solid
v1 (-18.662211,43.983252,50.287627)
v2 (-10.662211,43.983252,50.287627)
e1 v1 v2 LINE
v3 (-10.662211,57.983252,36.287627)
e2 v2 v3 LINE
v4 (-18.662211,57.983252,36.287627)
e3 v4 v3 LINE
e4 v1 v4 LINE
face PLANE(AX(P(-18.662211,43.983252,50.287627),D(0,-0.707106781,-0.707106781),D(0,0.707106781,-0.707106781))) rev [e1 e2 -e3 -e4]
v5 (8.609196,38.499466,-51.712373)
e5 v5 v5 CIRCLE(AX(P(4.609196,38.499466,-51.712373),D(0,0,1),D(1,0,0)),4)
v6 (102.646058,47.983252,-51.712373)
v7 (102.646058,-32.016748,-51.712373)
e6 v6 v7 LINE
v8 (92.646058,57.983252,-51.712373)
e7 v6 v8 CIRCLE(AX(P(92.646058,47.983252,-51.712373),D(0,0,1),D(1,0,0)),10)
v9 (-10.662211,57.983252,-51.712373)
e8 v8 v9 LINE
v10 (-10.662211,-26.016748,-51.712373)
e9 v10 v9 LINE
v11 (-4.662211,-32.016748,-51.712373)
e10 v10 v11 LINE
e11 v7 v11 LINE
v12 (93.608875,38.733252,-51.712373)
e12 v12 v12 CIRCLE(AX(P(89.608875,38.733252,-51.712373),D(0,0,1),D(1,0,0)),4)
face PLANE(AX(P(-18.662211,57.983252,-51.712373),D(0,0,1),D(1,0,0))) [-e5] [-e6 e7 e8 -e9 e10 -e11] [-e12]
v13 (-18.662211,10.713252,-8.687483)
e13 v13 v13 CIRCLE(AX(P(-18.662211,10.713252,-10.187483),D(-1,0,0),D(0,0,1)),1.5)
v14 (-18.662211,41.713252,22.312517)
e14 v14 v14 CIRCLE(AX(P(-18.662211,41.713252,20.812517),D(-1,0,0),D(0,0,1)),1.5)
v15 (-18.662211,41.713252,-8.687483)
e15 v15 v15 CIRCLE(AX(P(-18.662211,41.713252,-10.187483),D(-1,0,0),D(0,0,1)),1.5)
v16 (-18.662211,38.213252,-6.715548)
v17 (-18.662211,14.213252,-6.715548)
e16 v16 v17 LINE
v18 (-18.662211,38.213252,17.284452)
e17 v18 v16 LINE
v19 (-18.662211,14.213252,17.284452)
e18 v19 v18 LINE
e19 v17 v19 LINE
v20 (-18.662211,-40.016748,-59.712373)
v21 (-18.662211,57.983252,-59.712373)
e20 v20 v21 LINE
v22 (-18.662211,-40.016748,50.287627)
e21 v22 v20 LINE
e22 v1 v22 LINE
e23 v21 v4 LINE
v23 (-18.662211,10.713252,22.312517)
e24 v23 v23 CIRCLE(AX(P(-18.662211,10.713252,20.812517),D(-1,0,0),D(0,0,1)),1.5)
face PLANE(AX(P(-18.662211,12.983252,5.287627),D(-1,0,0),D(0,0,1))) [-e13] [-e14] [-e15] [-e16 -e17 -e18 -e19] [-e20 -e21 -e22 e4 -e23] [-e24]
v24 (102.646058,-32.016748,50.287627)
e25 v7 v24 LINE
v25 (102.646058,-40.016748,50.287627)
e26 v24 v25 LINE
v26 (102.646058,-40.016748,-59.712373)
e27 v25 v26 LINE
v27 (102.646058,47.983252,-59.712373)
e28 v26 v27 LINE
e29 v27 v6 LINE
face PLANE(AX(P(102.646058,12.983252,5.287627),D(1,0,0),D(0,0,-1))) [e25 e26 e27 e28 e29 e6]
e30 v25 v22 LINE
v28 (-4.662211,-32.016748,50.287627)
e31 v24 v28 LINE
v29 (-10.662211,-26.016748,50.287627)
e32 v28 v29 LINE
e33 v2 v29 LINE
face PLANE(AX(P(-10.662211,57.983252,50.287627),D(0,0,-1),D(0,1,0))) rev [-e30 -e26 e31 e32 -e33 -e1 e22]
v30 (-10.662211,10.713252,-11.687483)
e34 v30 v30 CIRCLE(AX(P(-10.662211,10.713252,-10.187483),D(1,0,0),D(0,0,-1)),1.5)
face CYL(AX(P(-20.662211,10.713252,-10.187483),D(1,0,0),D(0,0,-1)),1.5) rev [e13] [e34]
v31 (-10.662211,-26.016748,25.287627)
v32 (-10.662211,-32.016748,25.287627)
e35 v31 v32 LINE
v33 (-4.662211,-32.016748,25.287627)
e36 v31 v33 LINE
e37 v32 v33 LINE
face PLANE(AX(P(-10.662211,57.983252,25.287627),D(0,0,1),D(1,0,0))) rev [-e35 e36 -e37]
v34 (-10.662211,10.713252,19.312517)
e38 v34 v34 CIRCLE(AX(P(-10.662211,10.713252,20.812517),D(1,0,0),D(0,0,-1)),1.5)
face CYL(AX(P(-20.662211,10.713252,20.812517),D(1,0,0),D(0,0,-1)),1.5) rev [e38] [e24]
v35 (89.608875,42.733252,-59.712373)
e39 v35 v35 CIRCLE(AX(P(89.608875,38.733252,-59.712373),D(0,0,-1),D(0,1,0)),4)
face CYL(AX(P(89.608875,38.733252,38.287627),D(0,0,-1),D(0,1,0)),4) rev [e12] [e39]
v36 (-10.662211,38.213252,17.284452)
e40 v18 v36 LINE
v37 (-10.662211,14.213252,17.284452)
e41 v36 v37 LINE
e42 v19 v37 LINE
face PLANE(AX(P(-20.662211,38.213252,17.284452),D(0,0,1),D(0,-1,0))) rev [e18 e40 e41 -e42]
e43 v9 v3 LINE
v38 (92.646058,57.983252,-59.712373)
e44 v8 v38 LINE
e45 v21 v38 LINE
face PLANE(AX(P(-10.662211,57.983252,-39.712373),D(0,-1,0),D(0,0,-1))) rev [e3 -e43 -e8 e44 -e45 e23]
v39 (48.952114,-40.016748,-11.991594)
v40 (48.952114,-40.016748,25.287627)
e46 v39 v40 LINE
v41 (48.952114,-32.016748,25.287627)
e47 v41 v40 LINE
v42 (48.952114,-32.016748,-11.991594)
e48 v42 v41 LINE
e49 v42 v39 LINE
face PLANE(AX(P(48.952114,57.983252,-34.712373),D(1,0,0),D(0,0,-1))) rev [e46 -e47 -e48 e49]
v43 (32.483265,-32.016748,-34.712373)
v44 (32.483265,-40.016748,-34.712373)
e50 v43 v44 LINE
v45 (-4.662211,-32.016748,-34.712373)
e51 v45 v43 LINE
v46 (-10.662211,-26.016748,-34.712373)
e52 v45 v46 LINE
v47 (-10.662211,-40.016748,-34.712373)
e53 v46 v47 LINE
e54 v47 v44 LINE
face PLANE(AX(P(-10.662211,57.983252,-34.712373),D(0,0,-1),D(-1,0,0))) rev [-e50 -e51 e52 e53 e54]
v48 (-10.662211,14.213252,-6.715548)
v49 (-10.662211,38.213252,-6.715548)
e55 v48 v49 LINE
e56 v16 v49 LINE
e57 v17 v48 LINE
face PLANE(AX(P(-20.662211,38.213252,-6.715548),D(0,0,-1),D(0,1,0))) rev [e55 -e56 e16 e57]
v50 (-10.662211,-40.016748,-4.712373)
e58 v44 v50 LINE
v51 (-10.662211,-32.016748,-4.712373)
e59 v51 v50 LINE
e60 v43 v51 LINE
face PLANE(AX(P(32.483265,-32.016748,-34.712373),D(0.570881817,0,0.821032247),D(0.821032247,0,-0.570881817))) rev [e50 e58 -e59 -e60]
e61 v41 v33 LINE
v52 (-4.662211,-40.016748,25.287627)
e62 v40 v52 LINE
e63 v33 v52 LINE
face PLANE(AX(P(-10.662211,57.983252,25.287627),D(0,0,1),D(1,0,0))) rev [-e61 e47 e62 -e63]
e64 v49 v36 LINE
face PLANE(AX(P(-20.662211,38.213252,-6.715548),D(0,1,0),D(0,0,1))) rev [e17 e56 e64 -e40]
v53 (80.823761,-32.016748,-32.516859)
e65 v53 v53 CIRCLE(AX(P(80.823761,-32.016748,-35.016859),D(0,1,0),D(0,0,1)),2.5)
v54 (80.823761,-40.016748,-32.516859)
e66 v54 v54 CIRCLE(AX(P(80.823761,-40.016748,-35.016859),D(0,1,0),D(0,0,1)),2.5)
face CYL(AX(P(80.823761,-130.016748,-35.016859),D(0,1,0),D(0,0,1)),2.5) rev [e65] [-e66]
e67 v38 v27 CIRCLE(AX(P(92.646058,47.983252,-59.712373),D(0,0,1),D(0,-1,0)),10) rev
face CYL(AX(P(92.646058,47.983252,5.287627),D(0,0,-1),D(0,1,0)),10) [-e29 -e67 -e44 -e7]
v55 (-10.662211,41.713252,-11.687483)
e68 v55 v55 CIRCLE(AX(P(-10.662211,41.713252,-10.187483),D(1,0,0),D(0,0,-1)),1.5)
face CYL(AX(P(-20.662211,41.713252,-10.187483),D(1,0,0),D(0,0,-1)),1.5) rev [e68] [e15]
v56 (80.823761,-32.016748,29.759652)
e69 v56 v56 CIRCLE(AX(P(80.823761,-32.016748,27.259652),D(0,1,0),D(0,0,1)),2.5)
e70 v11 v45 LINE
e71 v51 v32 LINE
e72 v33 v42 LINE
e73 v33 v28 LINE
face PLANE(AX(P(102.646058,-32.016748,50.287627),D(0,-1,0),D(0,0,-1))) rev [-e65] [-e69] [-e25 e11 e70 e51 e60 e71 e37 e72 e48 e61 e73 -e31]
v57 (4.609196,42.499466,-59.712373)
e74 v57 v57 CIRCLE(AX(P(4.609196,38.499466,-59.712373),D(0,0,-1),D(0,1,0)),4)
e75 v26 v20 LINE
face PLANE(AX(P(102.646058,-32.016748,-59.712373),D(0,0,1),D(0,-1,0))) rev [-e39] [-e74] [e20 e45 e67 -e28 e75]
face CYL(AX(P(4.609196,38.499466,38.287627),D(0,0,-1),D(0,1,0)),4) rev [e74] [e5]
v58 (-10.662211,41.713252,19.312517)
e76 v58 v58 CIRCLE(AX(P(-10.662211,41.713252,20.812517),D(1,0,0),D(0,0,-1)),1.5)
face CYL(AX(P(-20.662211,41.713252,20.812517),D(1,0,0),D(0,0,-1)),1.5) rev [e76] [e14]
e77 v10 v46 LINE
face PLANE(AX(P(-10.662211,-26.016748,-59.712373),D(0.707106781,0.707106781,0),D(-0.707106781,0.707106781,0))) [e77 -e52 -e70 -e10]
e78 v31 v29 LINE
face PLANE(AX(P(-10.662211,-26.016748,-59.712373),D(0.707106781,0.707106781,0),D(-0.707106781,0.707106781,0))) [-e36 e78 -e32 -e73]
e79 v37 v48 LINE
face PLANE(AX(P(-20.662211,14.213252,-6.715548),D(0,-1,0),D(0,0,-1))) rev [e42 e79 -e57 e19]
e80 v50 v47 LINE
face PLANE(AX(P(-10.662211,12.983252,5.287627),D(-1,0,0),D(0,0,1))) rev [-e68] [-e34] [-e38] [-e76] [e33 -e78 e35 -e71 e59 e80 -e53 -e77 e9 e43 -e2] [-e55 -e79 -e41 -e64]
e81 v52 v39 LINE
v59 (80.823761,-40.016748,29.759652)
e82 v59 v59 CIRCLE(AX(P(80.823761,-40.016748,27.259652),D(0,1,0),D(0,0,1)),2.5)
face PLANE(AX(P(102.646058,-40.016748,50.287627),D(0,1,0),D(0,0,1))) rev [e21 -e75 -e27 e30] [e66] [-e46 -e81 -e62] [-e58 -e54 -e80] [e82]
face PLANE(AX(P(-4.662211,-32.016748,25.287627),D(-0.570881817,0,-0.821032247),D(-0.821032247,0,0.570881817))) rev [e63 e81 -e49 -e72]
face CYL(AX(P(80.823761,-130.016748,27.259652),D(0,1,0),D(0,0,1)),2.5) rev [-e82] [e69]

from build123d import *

# Parameters (mm, degrees)
SKETCH2_W            = 45
SKETCH2_H            = 45
BOSS_EXTRUDE1_DEPTH  = 4
SKETCH3_R            = 0.75
CUT_EXTRUDE1_DEPTH   = 5
SKETCH4_W            = 12
SKETCH4_H            = 12
CUT_EXTRUDE2_DEPTH   = 5
SKETCH5_W            = 55
SKETCH5_H            = 4
BOSS_EXTRUDE2_DEPTH  = 60.654134022
SKETCH7_W            = 4
SKETCH7_H            = 49
BOSS_EXTRUDE3_DEPTH  = 10
CUT_EXTRUDE6_DEPTH   = 5
BOSS_EXTRUDE4_DEPTH  = 55
SKETCH12_W           = 29.80716229
SKETCH12_H           = 30
CUT_EXTRUDE7_DEPTH   = 50
SCALE2_SCALE         = 2
BOSS_EXTRUDE10_DEPTH = 8
SKETCH29_W           = 121.308268044
SKETCH29_H           = 8
BOSS_EXTRUDE11_DEPTH = 98
SKETCH30_R           = 2.5
CUT_EXTRUDE8_DEPTH   = 98
SKETCH31_R           = 2.5
CUT_EXTRUDE9_DEPTH   = 98
SKETCH32_R           = 4
CUT_EXTRUDE10_DEPTH  = 98
FILLET1_R            = 10


with BuildPart() as part:
    # Sketch2 → Boss-Extrude1 (new body)
    with BuildSketch(Plane(origin=(0, 0, 0), x_dir=(0, 0, -1), z_dir=(1, 0, 0))):
        Rectangle(SKETCH2_W, SKETCH2_H)
    extrude(amount=BOSS_EXTRUDE1_DEPTH)

    # Sketch3 → Cut-Extrude1 (cut)
    with BuildSketch(Plane(origin=(4, 0, 0), x_dir=(0, 0, -1), z_dir=(1, 0, 0))):
        with Locations((-7.762444982, 14.365)):
            Circle(SKETCH3_R)
        with Locations((-7.762444982, -1.135)):
            Circle(SKETCH3_R)
        with Locations((7.737555018, -1.135)):
            Circle(SKETCH3_R)
        with Locations((7.737555018, 14.365)):
            Circle(SKETCH3_R)
    extrude(amount=-CUT_EXTRUDE1_DEPTH, mode=Mode.SUBTRACT)

    # Sketch4 → Cut-Extrude2 (cut)
    with BuildSketch(Plane(origin=(4, 0, 0), x_dir=(0, 0, -1), z_dir=(1, 0, 0))):
        with Locations((0.001587774, 6.615)):
            Rectangle(SKETCH4_W, SKETCH4_H)
    extrude(amount=-CUT_EXTRUDE2_DEPTH, mode=Mode.SUBTRACT)

    # Sketch5 → Boss-Extrude2 (add)
    with BuildSketch(Plane(origin=(0, 0, 0), x_dir=(0, 0, -1), z_dir=(1, 0, 0))):
        with Locations((5, -24.5)):
            Rectangle(SKETCH5_W, SKETCH5_H)
    extrude(amount=BOSS_EXTRUDE2_DEPTH)

    # Sketch7 → Boss-Extrude3 (add)
    with BuildSketch(Plane(origin=(0, 0, -22.5), x_dir=(-1, 0, 0), z_dir=(0, 0, -1))):
        with Locations((-2, -2)):
            Rectangle(SKETCH7_W, SKETCH7_H)
    extrude(amount=BOSS_EXTRUDE3_DEPTH)

    # Sketch9 → Cut-Extrude6 (cut, through all)
    with BuildSketch(Plane(origin=(4, 0, 0), x_dir=(0, 0, -1), z_dir=(1, 0, 0))):
        Polygon((-22.5, 15.5), (-22.5, 22.5), (-15.5, 22.5), align=None)
    extrude(amount=-CUT_EXTRUDE6_DEPTH, mode=Mode.SUBTRACT)

    # Sketch11 → Boss-Extrude4 (add)
    with BuildSketch(Plane.XY.offset(22.5)):
        Polygon((4, -19.5), (7, -22.5), (4, -22.5), align=None)
    extrude(amount=-BOSS_EXTRUDE4_DEPTH)

    # Sketch12 → Cut-Extrude7 (cut, through all)
    with BuildSketch(Plane.XZ.offset(26.5)):
        with Locations((18.903581145, -5)):
            Rectangle(SKETCH12_W, SKETCH12_H)
    extrude(amount=-CUT_EXTRUDE7_DEPTH, mode=Mode.SUBTRACT)


with BuildPart() as part_1:
    # Scale2: scaled about (18.662210537, -12.9832523, -5.287627144)
    add(part.part.scale(SCALE2_SCALE).moved(Location((-18.662210537, 12.9832523, 5.287627144))))

    # Sketch21 → Boss-Extrude10 (add)
    with BuildSketch(Plane(origin=(0, -40.0167477, 0), x_dir=(-1, 0, 0), z_dir=(0, -1, 0))):
        Polygon((10.662210537, -25.287627144), (4.662210537, -25.287627144), (-48.952114042, 11.991594358), (-48.952114042, 34.712372856), (-32.483264947, 34.712372856), (10.662210537, 4.712372856), align=None)
    extrude(amount=-BOSS_EXTRUDE10_DEPTH)

    # Sketch29 → Boss-Extrude11 (add)
    with BuildSketch(Plane.XZ.offset(40.0167477)):
        with Locations((41.991923485, -55.712372856)):
            Rectangle(SKETCH29_W, SKETCH29_H)
    extrude(amount=-BOSS_EXTRUDE11_DEPTH)

    # Sketch30 → Cut-Extrude8 (cut)
    with BuildSketch(Plane(origin=(0, -32.0167477, 0), x_dir=(1, 0, 0), z_dir=(0, 1, 0))):
        with Locations((80.823761479, -27.259651972)):
            Circle(SKETCH30_R)
    extrude(amount=-CUT_EXTRUDE8_DEPTH, mode=Mode.SUBTRACT)

    # Sketch31 → Cut-Extrude9 (cut)
    with BuildSketch(Plane(origin=(0, -32.0167477, 0), x_dir=(1, 0, 0), z_dir=(0, 1, 0))):
        with Locations((80.823761479, 35.016859129)):
            Circle(SKETCH31_R)
    extrude(amount=-CUT_EXTRUDE9_DEPTH, mode=Mode.SUBTRACT)

    # Sketch32 → Cut-Extrude10 (cut)
    with BuildSketch(Plane(origin=(0, 0, -59.712372856), x_dir=(-1, 0, 0), z_dir=(0, 0, -1))):
        with Locations((-89.60887453, 38.7332523)):
            Circle(SKETCH32_R)
        with Locations((-4.609196036, 38.499466475)):
            Circle(SKETCH32_R)
    extrude(amount=-CUT_EXTRUDE10_DEPTH, mode=Mode.SUBTRACT)

    # Fillet1
    fillet1_edges = [part_1.edges().sort_by_distance(p)[0] for p in [
        (102.646057507, 57.9832523, -55.712372856),
    ]]
    fillet(fillet1_edges, radius=FILLET1_R)


solid = part_1.part
